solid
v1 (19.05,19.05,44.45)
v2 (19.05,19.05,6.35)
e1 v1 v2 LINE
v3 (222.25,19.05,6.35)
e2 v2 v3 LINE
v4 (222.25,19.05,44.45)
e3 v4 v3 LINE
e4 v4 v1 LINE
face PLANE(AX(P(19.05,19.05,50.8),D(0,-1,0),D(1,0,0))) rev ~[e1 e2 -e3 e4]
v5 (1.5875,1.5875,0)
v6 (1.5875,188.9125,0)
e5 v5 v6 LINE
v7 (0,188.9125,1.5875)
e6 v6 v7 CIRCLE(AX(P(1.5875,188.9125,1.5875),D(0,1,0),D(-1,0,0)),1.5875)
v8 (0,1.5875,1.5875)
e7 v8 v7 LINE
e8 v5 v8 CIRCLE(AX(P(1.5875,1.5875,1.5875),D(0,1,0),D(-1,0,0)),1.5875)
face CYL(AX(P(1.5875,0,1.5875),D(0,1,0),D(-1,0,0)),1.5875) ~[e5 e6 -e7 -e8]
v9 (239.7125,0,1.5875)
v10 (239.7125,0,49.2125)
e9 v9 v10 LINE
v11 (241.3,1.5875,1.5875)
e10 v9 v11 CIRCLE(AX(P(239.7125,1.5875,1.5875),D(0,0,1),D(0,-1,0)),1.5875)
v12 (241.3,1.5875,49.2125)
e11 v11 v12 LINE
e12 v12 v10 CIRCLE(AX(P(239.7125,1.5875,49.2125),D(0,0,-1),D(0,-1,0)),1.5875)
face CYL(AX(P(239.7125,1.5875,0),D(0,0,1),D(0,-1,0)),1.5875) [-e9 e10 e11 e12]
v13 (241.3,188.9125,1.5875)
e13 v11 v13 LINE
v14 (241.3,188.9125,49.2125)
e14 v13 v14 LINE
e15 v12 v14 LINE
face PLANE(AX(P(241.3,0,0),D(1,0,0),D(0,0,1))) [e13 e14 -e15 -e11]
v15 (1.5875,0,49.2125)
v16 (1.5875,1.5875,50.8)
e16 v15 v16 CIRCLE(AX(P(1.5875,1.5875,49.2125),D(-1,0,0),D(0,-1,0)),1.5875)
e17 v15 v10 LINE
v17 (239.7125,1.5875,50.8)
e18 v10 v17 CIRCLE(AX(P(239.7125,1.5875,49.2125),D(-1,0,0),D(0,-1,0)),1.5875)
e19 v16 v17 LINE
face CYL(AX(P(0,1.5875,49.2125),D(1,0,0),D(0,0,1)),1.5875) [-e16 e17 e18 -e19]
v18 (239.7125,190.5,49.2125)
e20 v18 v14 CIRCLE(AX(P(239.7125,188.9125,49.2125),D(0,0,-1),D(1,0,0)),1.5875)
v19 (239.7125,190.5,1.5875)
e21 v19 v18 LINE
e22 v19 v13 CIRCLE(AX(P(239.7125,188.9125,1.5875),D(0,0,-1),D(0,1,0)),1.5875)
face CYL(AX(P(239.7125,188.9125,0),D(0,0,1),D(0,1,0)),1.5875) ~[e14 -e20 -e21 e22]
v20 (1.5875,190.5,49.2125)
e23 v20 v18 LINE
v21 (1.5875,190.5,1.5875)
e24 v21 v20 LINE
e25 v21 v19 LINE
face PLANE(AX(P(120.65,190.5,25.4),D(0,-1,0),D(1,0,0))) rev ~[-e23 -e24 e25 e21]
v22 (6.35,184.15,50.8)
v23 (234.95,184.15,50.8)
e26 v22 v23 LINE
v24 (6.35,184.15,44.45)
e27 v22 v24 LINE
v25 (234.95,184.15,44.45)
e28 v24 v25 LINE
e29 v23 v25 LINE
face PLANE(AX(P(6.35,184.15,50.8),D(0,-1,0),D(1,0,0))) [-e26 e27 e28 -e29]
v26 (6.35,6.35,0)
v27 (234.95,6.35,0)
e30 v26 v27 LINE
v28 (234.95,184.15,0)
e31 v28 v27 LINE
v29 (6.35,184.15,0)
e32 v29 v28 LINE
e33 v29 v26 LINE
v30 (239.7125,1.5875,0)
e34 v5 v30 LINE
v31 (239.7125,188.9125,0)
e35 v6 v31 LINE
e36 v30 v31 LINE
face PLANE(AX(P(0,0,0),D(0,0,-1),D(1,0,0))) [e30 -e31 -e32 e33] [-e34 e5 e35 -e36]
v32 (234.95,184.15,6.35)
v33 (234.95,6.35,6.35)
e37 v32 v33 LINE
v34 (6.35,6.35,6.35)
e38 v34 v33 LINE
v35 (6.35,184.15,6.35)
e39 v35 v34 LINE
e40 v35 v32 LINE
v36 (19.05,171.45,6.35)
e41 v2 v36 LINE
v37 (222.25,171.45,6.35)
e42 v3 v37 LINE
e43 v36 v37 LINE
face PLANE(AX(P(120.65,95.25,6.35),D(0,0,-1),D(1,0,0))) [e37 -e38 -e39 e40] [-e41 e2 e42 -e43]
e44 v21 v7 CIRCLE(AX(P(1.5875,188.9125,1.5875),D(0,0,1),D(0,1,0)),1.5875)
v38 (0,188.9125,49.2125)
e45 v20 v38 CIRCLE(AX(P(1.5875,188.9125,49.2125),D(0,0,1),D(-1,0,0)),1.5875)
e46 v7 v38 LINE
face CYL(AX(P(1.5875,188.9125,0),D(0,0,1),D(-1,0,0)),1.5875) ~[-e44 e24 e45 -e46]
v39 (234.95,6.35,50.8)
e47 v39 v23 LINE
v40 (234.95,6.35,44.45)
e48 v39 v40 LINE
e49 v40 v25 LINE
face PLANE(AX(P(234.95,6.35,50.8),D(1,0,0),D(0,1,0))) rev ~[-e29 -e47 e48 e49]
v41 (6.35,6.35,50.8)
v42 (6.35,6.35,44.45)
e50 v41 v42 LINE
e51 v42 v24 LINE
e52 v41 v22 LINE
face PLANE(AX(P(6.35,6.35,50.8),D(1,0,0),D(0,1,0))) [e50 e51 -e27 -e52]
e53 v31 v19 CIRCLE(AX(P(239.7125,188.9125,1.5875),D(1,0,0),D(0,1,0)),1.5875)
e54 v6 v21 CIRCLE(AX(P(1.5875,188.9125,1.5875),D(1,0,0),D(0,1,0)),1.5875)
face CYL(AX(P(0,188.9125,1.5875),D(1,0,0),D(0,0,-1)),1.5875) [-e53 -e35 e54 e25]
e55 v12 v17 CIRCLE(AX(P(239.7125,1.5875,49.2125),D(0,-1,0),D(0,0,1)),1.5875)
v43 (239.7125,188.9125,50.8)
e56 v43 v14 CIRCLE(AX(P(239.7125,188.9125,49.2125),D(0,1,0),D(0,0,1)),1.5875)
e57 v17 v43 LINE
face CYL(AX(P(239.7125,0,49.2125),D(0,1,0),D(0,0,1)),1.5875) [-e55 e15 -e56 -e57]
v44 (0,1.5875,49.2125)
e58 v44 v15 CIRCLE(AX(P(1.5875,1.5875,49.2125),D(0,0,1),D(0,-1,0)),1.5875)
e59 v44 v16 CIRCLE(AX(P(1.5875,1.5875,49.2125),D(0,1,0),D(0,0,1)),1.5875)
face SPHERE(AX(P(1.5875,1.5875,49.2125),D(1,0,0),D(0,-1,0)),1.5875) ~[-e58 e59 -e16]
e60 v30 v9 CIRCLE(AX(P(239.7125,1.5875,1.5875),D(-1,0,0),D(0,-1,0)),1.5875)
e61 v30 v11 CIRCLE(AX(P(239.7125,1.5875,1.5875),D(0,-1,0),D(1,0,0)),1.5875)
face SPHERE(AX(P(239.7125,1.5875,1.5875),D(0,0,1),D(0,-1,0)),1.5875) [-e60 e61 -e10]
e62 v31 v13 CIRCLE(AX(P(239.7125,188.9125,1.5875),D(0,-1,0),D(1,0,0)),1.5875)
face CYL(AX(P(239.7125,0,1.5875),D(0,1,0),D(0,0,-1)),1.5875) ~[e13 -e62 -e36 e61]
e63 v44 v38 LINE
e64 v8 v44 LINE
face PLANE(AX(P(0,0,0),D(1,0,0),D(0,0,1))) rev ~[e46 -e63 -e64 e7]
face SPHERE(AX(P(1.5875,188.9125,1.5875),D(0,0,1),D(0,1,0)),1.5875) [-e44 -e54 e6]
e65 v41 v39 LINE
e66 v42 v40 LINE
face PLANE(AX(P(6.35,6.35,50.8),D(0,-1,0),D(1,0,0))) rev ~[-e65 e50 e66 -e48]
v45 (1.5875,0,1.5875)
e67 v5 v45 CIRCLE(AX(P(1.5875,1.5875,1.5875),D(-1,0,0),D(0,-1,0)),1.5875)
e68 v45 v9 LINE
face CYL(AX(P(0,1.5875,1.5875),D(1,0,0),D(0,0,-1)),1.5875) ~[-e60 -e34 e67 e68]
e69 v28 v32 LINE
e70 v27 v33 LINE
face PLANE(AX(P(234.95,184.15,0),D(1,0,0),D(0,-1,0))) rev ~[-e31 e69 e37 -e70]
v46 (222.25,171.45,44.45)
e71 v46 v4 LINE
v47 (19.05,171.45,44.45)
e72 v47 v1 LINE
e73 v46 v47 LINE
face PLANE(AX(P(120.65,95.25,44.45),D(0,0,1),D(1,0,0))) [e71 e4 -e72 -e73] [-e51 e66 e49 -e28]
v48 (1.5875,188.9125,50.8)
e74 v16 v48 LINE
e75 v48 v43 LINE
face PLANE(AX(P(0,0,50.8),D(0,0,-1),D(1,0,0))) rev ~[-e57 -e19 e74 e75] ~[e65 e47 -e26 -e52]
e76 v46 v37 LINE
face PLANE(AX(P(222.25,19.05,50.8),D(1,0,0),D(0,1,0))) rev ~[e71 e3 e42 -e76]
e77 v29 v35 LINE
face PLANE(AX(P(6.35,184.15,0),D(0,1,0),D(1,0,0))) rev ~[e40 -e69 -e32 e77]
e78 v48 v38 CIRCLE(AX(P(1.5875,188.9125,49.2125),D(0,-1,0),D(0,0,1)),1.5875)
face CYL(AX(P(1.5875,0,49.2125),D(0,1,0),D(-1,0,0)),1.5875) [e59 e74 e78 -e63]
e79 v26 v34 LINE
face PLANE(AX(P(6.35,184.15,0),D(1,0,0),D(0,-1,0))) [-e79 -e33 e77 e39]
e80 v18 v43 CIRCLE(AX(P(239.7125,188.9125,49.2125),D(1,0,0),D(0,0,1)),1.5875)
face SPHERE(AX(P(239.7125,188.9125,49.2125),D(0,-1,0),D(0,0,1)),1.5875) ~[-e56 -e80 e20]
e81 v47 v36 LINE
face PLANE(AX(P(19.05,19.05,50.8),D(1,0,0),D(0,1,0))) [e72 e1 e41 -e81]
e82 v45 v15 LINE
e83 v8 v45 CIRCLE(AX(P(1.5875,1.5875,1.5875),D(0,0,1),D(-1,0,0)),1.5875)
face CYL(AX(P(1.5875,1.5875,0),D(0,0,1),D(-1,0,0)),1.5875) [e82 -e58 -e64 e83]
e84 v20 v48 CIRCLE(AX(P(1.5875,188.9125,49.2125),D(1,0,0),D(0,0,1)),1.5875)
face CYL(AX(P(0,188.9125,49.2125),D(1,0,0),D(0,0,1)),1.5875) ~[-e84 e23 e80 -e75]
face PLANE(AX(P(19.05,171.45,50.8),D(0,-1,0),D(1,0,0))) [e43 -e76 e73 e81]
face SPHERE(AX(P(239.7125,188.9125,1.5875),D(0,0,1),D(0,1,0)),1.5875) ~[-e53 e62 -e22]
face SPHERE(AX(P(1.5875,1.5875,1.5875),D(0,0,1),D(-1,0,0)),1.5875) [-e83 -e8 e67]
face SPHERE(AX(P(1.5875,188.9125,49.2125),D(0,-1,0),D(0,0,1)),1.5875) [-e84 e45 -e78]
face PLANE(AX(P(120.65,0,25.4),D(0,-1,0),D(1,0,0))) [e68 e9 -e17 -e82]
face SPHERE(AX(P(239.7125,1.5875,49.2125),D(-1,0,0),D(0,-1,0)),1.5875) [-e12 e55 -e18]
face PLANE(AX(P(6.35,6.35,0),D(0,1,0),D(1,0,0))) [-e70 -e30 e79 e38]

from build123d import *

# Parameters (mm, degrees)
F0_W     = 241.3
F0_H     = 50.8
F1_DEPTH = 190.5
F2_W     = 203.2
F2_H     = 152.4
F3_DEPTH = 50.8
F4_W     = 228.6
F4_H     = 177.8
F5_DEPTH = 6.35
F6_W     = 228.6
F6_H     = 177.8
F7_DEPTH = 6.35
F8_R     = 1.5875


with BuildPart() as f1:
    # F0 (on Front) → F1 (new body)
    with BuildSketch(Plane.XZ):
        with Locations((120.65, 25.4)):
            Rectangle(F0_W, F0_H)
    extrude(amount=-F1_DEPTH)

    # F2 (on face) → F3 (cut, through all)
    with BuildSketch(Plane.XY.offset(50.8)):
        with Locations((120.65, 95.25)):
            Rectangle(F2_W, F2_H)
    extrude(amount=-F3_DEPTH, mode=Mode.SUBTRACT)

    # F4 (on face) → F5 (cut)
    with BuildSketch(Plane.XY.offset(50.8)):
        with Locations((120.65, 95.25)):
            Rectangle(F4_W, F4_H)
    extrude(amount=-F5_DEPTH, mode=Mode.SUBTRACT)

    # F6 (on face) → F7 (cut)
    with BuildSketch(Plane(origin=(0, 0, 0), x_dir=(1, 0, 0), z_dir=(0, 0, -1))):
        with Locations((120.65, -95.25)):
            Rectangle(F6_W, F6_H)
    extrude(amount=-F7_DEPTH, mode=Mode.SUBTRACT)

    # F8
    f8_edges = [f1.edges().sort_by_distance(p)[0] for p in [
        (120.65, 0, 50.8),
        (0, 0, 25.4),
        (0, 95.25, 50.8),
        (241.3, 0, 25.4),
        (241.3, 95.25, 50.8),
        (120.65, 190.5, 50.8),
        (241.3, 190.5, 25.4),
        (0, 190.5, 25.4),
        (120.65, 190.5, 0),
        (0, 95.25, 0),
        (120.65, 0, 0),
        (241.3, 95.25, 0),
    ]]
    fillet(f8_edges, radius=F8_R)


solid = f1.part
